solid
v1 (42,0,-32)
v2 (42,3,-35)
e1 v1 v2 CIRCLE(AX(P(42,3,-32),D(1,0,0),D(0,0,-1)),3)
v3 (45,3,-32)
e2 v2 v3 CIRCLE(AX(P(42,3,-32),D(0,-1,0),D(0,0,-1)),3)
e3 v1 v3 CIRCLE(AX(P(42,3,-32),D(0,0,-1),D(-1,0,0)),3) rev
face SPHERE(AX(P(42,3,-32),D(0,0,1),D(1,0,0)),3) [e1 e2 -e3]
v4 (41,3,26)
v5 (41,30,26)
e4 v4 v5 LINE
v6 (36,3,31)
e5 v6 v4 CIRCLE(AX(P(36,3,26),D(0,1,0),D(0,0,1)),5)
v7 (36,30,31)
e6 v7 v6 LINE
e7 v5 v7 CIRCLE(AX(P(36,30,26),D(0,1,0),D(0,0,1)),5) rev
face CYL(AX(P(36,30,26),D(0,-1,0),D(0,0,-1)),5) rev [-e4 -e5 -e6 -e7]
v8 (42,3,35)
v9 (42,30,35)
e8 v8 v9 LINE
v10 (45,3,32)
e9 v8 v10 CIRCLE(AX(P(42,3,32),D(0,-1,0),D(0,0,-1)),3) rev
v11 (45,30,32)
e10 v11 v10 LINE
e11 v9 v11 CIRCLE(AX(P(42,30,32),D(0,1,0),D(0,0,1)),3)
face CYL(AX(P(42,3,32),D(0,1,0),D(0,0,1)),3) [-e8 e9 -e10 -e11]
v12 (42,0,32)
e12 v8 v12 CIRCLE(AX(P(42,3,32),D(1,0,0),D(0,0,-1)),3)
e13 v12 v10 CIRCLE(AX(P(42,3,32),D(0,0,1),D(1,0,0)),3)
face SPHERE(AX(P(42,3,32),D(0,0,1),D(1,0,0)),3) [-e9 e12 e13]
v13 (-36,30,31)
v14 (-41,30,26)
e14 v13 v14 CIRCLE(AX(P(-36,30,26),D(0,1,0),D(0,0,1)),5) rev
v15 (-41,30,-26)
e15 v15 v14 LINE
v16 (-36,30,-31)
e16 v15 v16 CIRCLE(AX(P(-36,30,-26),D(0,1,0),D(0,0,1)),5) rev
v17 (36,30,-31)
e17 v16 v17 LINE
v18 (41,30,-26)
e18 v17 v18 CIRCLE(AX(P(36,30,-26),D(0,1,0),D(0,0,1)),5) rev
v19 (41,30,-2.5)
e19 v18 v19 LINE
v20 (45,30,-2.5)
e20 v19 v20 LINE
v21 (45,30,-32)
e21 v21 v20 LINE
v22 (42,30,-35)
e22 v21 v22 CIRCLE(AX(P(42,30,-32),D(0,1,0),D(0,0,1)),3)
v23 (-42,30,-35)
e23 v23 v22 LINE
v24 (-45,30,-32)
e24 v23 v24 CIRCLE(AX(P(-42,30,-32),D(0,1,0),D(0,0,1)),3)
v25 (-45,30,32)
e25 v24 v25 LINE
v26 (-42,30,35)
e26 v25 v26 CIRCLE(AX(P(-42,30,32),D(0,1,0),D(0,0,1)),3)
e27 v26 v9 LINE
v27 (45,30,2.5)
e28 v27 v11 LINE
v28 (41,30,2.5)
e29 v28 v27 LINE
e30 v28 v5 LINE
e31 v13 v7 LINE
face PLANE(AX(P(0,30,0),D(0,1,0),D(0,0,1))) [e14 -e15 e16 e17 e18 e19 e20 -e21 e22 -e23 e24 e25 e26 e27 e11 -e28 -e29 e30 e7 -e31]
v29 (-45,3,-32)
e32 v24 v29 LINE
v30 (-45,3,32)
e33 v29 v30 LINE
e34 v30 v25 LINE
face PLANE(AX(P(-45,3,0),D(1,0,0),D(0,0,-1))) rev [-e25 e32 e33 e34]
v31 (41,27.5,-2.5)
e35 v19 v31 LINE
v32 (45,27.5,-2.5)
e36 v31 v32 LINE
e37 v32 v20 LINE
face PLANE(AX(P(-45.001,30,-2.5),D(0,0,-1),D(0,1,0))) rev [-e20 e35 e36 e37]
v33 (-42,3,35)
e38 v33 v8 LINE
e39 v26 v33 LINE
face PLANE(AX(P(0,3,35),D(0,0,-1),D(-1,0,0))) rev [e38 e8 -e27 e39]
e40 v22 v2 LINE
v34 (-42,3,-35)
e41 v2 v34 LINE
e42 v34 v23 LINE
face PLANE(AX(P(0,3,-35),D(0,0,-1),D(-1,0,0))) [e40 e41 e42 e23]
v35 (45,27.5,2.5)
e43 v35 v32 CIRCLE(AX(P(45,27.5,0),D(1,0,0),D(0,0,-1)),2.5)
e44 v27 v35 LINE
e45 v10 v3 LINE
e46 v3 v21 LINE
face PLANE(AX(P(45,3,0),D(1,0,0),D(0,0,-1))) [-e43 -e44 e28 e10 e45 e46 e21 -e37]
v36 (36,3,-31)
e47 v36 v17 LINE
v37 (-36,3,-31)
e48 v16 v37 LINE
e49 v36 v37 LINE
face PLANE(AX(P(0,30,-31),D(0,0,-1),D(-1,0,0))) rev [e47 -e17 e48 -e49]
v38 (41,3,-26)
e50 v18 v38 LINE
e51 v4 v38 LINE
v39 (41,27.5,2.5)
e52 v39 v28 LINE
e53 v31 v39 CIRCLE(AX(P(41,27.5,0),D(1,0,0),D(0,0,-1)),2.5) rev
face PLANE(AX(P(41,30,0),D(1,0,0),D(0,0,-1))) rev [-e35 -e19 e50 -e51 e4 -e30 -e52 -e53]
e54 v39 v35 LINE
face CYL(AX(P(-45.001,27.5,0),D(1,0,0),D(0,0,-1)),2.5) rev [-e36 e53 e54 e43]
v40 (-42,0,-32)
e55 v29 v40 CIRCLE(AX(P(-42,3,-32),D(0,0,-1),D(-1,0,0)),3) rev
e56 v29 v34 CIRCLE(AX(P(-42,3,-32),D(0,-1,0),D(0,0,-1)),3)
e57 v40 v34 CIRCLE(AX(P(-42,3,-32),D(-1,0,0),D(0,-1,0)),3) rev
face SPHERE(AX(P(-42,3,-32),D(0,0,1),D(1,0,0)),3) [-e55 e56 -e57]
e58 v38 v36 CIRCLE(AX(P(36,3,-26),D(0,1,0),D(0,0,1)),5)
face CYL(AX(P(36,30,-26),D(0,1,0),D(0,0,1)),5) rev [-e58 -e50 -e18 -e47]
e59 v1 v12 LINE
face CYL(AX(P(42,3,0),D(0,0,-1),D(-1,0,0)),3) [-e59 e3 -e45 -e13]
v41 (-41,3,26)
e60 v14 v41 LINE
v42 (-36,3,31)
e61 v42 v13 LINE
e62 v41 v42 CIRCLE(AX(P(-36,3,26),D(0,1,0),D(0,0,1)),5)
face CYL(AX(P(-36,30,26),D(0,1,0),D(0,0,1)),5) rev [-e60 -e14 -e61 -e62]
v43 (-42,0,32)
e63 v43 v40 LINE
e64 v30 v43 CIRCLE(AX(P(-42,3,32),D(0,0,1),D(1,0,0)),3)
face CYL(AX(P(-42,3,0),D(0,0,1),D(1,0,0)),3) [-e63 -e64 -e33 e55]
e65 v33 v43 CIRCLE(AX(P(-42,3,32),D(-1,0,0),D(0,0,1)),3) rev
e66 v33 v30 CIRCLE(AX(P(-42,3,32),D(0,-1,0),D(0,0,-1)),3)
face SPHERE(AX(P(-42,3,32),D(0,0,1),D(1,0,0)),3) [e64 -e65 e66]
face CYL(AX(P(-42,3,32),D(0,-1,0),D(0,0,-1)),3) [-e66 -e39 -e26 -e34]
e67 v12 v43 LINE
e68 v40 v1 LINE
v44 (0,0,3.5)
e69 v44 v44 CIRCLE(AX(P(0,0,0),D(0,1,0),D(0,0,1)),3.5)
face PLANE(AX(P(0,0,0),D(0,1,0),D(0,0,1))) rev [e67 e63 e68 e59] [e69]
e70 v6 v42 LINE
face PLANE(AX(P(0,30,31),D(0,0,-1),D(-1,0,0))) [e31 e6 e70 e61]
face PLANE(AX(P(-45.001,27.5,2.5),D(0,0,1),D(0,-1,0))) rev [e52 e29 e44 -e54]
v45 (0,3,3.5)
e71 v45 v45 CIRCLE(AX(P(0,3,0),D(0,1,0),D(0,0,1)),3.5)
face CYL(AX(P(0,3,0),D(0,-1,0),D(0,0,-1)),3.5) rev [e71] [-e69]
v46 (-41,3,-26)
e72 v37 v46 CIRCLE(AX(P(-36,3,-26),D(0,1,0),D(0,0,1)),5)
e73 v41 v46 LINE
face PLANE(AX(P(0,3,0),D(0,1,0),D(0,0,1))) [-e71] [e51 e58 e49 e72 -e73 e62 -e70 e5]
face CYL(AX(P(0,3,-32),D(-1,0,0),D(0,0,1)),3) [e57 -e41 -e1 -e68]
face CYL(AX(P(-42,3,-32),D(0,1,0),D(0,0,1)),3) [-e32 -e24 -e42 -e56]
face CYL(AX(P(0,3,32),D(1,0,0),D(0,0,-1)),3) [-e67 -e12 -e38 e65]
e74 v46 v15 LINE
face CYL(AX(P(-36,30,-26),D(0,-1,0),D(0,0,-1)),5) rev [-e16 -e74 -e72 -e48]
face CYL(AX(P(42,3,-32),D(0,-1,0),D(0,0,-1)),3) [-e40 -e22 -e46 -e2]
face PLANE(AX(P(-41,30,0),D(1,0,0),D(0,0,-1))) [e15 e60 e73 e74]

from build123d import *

# Parameters (mm, degrees)
ESBO_O1_W                = 90
ESBO_O1_H                = 70
ESBO_O1_R                = 3.5
RESSALTO_EXTRUS_O1_DEPTH = 3
ESBO_O1_3_W              = 90
ESBO_O1_3_H              = 70
ESBO_O1_3_W_2            = 82
ESBO_O1_3_H_2            = 62
RESSALTO_EXTRUS_O2_DEPTH = 30
FILETE1_R                = 3
CORTE_EXTRUS_O1_REACH    = 103.119
FILETE2_R                = 5


with BuildPart() as part:
    # Esboço1 → Ressalto-extrusão1 (new body)
    with BuildSketch(Plane(origin=(0, 0, 0), x_dir=(1, 0, 0), z_dir=(0, 1, 0))):
        Rectangle(ESBO_O1_W, ESBO_O1_H)
        Circle(ESBO_O1_R, mode=Mode.SUBTRACT)
    extrude(amount=RESSALTO_EXTRUS_O1_DEPTH)

    # Esboço1<3> → Ressalto-extrusão2 (add)
    with BuildSketch(Plane(origin=(0, 0, 0), x_dir=(1, 0, 0), z_dir=(0, 1, 0))):
        Rectangle(ESBO_O1_3_W, ESBO_O1_3_H)
        Rectangle(ESBO_O1_3_W_2, ESBO_O1_3_H_2, mode=Mode.SUBTRACT)
    extrude(amount=RESSALTO_EXTRUS_O2_DEPTH)

    # Filete1
    filete1_edges = [part.edges().sort_by_distance(p)[0] for p in [
        (45, 15, 35),
        (45, 15, -35),
        (-45, 15, 35),
        (-45, 15, -35),
        (45, 0, 0),
        (0, 0, -35),
        (0, 0, 35),
        (-45, 0, 0),
    ]]
    fillet(filete1_edges, radius=FILETE1_R)

    # Esboço2 → Corte-extrusão1 (cut, up to next)
    with BuildSketch(Plane(origin=(45, 0, 0), x_dir=(0, 0, -1), z_dir=(1, 0, 0)), mode=Mode.PRIVATE) as corte_extrus_o1_sk1:
        with BuildLine():
            Line((-2.5, 27.5), (-2.5, 30))
            Line((-2.5, 30), (2.5, 30))
            Line((2.5, 30), (2.5, 27.5))
            ThreePointArc((2.5, 27.5), (0, 25), (-2.5, 27.5))
        make_face()
    corte_extrus_o1_tool1 = extrude(corte_extrus_o1_sk1.sketch, amount=-CORTE_EXTRUS_O1_REACH, mode=Mode.PRIVATE) & part.part
    add(corte_extrus_o1_tool1.solids().sort_by_distance((45, 27.733375, 0))[0], mode=Mode.SUBTRACT)

    # Filete2
    filete2_edges = [part.edges().sort_by_distance(p)[0] for p in [
        (41, 16.5, 31),
        (-41, 16.5, 31),
        (41, 16.5, -31),
        (-41, 16.5, -31),
    ]]
    fillet(filete2_edges, radius=FILETE2_R)


solid = part.part
